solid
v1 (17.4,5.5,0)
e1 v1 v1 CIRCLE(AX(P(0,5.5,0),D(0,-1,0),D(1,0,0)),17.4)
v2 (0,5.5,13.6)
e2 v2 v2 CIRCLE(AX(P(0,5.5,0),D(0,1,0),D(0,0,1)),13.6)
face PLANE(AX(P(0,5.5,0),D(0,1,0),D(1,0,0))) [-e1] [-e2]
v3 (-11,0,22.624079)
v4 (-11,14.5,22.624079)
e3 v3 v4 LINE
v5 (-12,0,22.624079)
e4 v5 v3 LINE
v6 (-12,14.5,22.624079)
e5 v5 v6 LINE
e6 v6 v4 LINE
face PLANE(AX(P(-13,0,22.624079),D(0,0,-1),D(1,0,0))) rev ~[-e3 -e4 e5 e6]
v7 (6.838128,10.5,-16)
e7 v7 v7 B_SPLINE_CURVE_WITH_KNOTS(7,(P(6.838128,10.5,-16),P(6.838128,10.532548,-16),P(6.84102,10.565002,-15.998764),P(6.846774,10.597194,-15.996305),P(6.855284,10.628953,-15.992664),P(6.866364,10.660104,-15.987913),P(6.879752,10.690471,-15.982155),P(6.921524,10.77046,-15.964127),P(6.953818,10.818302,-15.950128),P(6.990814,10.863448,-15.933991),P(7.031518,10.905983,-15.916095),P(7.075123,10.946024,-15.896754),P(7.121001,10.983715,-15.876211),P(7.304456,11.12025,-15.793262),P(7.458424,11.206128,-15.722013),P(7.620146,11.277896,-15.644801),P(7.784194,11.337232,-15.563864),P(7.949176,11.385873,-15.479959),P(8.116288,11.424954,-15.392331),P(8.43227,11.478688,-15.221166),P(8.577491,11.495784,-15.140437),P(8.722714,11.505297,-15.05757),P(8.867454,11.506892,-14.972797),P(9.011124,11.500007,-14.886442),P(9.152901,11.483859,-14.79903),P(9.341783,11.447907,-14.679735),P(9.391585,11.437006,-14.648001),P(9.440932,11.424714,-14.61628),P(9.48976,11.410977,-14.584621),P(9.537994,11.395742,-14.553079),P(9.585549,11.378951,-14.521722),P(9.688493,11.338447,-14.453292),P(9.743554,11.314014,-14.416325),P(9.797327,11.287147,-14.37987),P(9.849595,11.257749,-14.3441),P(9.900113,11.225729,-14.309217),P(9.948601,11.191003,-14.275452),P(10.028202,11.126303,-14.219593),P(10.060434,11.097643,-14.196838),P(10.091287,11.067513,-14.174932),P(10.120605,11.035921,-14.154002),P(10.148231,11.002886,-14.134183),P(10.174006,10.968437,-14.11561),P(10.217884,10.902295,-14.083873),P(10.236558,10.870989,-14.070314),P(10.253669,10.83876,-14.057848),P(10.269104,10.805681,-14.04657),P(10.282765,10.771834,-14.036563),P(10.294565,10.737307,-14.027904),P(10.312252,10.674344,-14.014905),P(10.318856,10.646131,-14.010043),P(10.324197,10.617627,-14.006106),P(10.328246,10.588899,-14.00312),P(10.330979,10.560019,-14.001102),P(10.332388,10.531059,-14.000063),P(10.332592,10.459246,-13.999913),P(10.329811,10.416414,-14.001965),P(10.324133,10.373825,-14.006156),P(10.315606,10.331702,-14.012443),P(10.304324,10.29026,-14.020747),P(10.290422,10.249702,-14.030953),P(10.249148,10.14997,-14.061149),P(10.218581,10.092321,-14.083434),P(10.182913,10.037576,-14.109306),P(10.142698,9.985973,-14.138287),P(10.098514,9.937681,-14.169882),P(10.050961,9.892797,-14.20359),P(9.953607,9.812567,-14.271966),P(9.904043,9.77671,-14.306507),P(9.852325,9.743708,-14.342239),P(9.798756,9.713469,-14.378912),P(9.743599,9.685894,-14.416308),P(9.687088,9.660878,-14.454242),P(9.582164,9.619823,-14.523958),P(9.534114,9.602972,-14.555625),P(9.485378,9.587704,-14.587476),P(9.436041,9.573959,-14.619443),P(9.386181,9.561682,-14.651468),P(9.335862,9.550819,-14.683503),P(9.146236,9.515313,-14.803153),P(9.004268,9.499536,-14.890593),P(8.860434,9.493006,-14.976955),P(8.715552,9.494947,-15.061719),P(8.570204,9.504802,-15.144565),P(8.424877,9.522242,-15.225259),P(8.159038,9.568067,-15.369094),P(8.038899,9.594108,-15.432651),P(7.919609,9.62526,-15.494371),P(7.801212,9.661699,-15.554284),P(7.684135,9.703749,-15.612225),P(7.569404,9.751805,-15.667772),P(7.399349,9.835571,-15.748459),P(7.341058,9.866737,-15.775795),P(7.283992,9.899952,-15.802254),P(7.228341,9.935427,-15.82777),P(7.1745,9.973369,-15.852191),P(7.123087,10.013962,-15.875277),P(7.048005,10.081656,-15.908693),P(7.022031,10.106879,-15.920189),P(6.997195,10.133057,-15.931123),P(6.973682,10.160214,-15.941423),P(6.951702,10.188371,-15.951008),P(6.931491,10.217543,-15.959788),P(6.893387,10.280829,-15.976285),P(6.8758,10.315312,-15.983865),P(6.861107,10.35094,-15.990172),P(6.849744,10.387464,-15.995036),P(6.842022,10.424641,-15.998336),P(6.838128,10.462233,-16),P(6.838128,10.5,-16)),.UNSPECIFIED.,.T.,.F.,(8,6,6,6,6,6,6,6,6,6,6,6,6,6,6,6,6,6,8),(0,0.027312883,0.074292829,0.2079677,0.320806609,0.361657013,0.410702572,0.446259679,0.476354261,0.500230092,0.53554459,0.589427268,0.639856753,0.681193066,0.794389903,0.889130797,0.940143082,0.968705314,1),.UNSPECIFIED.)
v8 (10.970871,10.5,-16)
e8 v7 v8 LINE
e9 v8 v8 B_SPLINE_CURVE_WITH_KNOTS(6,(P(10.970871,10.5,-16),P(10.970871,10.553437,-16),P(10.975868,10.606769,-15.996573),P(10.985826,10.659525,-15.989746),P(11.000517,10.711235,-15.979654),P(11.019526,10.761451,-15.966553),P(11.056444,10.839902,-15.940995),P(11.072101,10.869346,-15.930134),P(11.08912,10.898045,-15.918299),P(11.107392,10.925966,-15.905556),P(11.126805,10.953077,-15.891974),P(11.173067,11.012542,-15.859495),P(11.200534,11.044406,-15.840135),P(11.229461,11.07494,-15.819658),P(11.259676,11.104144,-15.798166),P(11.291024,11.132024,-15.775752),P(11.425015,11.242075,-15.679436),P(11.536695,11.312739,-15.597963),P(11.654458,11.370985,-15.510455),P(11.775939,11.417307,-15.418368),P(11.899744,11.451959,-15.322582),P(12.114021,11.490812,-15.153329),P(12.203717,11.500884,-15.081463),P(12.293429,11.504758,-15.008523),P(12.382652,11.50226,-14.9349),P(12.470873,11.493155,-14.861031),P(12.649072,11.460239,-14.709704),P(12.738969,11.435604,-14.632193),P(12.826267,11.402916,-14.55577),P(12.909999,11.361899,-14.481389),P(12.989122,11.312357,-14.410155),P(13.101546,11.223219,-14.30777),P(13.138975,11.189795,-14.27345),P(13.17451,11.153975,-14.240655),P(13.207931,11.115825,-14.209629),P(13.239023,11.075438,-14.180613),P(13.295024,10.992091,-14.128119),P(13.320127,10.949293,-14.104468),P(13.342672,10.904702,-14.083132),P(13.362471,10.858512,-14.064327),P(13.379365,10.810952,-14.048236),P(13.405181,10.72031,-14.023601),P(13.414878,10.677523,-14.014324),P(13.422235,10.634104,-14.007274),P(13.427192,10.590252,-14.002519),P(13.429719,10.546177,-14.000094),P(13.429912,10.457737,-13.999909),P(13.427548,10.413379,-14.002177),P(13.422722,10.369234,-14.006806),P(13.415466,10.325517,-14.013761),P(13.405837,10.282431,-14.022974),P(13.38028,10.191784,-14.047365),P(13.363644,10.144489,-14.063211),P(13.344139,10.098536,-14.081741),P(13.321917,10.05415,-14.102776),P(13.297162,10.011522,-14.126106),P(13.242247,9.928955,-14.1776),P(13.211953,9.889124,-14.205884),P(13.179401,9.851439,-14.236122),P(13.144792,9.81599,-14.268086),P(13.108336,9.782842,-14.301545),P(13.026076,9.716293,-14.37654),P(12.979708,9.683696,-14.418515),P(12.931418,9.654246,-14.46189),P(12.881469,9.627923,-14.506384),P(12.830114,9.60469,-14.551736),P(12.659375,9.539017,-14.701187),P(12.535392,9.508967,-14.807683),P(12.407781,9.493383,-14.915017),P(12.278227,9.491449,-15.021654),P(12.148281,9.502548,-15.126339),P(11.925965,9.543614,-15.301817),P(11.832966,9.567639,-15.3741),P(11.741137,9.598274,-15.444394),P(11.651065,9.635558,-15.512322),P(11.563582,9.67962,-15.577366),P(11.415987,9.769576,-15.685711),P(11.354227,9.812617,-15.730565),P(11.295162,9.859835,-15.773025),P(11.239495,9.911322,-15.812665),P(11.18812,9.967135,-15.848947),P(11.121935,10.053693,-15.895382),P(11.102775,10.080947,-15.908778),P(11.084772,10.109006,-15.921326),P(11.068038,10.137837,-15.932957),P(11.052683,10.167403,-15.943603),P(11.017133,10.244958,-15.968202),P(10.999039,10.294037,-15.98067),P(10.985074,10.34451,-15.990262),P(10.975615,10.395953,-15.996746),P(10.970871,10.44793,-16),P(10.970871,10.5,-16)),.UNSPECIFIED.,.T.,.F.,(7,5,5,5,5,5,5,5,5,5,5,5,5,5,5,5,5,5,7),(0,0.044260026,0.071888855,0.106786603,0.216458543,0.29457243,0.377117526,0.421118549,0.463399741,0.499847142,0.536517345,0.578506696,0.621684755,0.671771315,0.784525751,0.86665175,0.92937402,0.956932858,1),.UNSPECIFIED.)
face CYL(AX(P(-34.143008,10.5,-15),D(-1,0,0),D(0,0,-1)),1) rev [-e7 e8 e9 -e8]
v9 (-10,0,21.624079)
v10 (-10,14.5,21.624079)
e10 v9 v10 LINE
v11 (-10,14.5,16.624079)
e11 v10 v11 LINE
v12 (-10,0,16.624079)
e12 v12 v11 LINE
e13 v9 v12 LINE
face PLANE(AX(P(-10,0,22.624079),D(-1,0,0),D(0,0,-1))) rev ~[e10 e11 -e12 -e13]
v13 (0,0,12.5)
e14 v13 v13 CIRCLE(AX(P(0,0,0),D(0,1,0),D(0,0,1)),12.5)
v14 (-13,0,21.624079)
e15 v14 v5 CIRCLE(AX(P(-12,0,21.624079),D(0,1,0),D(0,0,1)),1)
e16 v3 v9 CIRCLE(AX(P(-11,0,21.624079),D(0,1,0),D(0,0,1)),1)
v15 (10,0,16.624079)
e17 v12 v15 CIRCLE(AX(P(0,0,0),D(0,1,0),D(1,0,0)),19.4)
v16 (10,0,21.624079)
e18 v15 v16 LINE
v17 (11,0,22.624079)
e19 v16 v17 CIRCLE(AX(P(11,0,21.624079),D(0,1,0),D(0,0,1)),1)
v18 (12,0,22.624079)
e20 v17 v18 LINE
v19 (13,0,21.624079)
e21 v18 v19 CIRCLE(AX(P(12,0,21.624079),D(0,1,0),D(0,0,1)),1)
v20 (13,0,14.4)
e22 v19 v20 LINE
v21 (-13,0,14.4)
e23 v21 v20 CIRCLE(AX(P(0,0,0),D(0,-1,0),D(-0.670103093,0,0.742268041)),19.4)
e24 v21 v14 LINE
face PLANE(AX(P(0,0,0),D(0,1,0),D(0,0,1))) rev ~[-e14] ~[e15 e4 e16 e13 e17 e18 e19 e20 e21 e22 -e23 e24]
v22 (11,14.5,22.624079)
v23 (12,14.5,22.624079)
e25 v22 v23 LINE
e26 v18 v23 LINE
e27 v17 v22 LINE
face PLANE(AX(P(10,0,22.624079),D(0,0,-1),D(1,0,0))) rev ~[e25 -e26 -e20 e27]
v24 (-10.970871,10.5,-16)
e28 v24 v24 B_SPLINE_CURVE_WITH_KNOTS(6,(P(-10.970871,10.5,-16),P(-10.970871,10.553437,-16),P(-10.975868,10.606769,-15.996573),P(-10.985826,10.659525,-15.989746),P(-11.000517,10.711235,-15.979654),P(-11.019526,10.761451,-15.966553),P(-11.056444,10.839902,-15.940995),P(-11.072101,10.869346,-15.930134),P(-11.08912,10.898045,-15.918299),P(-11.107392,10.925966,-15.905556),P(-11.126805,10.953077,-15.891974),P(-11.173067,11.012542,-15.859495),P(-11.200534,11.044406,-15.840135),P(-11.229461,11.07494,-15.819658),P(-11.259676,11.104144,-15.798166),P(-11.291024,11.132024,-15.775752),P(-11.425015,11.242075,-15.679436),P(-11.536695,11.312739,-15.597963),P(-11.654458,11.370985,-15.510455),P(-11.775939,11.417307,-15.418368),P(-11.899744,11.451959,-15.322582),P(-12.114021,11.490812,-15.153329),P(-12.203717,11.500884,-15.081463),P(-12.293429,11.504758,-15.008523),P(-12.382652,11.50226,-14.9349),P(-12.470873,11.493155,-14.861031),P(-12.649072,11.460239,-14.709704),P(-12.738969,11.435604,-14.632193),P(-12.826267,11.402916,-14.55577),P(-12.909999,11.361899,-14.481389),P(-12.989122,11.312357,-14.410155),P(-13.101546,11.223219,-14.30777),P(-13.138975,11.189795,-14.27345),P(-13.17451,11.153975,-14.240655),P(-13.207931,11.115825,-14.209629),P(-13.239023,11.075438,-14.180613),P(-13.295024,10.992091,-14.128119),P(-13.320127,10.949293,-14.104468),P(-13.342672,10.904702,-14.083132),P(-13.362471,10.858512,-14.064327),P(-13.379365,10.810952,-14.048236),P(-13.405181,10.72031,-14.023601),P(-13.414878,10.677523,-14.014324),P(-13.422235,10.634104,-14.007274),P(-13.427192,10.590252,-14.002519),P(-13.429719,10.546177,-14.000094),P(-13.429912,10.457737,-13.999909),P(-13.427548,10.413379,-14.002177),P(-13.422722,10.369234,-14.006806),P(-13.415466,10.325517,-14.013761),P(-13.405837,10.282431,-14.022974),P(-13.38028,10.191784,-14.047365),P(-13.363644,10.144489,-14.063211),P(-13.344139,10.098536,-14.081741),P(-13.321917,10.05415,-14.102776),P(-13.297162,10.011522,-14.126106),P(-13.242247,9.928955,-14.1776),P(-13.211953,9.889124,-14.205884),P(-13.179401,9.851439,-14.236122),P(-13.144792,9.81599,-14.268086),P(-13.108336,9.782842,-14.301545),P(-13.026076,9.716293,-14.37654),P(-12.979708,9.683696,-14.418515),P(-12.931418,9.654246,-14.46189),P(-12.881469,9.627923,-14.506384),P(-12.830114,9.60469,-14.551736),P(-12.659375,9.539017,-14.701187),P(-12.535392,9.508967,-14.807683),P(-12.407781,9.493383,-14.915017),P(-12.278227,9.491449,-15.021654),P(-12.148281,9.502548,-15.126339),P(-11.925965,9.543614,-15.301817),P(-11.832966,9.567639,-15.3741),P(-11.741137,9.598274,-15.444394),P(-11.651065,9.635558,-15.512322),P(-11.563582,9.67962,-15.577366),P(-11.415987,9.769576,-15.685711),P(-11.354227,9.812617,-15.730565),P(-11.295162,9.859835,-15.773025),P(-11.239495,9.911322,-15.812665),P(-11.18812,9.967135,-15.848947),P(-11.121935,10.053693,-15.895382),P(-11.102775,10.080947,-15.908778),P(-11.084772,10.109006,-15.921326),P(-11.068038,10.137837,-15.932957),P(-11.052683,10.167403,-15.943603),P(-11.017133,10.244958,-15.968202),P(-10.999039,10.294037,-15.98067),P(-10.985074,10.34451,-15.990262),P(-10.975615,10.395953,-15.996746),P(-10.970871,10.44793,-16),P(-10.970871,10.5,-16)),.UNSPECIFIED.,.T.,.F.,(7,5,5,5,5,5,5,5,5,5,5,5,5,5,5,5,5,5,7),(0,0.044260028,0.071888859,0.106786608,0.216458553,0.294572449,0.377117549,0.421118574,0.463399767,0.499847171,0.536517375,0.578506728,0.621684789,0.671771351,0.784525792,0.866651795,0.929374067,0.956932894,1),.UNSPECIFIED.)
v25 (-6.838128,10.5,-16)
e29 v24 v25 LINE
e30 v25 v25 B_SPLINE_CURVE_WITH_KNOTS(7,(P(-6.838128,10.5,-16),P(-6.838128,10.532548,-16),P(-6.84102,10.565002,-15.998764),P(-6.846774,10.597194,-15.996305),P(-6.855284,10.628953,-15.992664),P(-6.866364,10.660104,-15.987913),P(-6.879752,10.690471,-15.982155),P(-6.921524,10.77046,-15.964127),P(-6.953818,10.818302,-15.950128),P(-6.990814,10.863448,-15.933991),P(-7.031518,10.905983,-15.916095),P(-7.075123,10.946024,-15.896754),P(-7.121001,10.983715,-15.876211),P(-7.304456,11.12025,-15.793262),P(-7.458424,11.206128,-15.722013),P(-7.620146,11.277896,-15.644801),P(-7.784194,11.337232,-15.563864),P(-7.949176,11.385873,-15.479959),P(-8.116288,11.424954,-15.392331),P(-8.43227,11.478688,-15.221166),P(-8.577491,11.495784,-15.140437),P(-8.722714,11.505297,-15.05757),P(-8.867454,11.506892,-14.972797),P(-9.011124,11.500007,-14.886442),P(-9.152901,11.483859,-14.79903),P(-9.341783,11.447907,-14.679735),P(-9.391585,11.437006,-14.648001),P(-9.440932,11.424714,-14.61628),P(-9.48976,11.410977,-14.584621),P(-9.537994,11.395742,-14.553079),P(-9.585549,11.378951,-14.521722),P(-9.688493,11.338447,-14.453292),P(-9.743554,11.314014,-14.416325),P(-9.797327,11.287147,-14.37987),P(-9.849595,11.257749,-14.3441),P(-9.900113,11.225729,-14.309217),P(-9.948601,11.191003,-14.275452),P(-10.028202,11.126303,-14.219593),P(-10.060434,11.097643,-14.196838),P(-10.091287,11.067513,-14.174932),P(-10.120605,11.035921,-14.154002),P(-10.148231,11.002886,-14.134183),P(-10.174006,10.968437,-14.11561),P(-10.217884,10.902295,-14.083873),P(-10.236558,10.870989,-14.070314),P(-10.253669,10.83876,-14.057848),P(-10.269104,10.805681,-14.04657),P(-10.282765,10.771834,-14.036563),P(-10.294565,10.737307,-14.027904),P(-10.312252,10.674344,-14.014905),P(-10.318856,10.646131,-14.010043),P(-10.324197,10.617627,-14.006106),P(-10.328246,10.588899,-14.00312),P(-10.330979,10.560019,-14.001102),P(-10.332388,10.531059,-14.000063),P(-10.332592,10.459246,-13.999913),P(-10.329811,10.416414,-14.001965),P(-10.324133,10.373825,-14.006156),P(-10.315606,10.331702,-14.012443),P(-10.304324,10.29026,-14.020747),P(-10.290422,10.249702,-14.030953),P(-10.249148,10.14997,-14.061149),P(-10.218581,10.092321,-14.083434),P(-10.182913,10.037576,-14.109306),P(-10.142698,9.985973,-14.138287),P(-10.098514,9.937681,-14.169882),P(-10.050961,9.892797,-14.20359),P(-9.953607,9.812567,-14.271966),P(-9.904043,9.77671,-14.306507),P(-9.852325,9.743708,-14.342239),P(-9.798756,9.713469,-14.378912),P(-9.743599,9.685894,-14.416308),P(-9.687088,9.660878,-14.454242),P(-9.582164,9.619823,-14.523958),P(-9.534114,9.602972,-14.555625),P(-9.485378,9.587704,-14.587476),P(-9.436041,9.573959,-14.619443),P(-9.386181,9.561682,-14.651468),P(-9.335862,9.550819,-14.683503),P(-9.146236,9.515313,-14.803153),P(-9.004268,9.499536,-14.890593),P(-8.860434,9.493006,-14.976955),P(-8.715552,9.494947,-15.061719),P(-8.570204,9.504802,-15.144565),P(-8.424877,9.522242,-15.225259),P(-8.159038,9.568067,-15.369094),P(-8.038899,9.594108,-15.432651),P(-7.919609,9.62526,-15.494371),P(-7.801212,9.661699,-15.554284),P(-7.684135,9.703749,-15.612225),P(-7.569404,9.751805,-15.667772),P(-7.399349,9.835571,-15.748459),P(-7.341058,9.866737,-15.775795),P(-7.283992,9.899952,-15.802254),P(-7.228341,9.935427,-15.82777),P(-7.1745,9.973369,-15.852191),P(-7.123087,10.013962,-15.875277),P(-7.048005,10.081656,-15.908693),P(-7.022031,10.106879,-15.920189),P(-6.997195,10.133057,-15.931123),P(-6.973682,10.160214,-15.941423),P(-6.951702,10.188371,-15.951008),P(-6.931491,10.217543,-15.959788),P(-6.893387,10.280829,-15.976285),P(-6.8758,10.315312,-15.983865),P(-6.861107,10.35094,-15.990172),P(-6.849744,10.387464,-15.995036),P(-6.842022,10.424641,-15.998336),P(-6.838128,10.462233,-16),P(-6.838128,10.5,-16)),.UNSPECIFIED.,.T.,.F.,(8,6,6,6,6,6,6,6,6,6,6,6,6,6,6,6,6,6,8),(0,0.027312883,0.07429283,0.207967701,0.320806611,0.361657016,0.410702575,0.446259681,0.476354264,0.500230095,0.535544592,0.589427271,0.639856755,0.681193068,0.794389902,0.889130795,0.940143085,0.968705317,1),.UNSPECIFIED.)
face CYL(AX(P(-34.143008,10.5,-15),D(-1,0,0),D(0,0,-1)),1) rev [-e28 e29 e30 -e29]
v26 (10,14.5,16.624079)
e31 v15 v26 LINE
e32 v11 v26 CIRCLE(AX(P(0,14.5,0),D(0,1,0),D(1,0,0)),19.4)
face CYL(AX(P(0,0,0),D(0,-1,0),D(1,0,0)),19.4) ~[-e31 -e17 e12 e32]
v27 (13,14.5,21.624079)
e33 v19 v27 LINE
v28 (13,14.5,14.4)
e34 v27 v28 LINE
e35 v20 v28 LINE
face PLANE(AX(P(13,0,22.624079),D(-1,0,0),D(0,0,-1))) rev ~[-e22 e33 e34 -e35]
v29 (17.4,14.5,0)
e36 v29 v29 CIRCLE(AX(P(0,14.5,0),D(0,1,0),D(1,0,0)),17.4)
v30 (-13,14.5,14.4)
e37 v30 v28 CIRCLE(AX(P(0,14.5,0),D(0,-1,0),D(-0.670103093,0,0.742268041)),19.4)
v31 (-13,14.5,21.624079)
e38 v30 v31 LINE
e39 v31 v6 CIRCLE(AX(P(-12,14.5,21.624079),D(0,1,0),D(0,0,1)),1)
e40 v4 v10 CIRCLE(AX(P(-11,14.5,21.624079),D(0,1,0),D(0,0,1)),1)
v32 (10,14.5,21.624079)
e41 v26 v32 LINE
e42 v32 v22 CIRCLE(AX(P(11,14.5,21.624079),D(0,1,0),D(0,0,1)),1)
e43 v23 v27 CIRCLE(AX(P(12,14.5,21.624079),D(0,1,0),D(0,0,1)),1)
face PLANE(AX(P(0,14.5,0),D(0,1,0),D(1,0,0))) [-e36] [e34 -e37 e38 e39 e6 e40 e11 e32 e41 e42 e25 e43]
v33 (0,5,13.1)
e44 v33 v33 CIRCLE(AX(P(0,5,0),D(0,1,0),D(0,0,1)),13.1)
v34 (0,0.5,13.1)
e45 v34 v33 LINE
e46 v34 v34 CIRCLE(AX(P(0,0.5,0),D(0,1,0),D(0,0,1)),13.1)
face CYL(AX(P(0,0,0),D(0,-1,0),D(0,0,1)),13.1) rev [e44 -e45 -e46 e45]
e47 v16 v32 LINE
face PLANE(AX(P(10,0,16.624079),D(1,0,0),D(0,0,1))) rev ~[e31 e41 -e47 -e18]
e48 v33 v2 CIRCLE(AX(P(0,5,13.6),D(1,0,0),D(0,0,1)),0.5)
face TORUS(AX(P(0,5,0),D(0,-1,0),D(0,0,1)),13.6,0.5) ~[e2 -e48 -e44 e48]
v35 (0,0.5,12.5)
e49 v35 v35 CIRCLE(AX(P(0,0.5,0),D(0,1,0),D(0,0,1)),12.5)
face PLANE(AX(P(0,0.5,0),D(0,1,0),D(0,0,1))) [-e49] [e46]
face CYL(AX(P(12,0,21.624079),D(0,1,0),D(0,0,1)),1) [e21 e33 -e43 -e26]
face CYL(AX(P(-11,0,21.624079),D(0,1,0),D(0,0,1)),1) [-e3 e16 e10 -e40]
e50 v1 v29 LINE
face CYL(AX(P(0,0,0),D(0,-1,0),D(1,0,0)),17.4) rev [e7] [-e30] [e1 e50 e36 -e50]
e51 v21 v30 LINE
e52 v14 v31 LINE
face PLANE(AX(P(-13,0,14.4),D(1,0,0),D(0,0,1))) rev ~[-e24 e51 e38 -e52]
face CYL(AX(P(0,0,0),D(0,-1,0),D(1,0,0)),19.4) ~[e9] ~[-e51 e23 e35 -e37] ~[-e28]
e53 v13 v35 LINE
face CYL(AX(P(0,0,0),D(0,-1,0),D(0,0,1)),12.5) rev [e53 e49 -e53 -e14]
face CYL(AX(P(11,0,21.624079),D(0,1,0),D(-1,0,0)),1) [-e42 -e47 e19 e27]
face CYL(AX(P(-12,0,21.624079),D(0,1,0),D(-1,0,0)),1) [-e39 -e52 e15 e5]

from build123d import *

# Parameters (mm, degrees)
SKETCH_1_R               = 19.4
SKETCH_1_R_2             = 17.4
EXTRUDE_1_DEPTH          = 14.5
SKETCH_2_R               = 17.5
SKETCH_2_R_2             = 13.1
EXTRUDE_1_2_DEPTH        = 5.5
SKETCH_3_R               = 13.1
SKETCH_3_R_2             = 12.5
EXTRUDE_2_DEPTH          = 0.5
EXTRUDE_3_DEPTH          = 14.5
CUT_EXTRUDE_1_DEPTH      = 34.143007514
CUT_EXTRUDE_1_DEPTH_BACK = 34.143007514
SKETCH_6_R               = 1
FILLET_1_R               = 1
FILLET_2_R               = 0.5


with BuildPart() as part:
    # 草图1 → Extrude 1 (new body)
    with BuildSketch(Plane(origin=(0, 0, 0), x_dir=(1, 0, 0), z_dir=(0, 1, 0))):
        Circle(SKETCH_1_R)
        Circle(SKETCH_1_R_2, mode=Mode.SUBTRACT)
    extrude(amount=EXTRUDE_1_DEPTH)

    # 草图2 → Extrude 1 2 (add)
    with BuildSketch(Plane(origin=(0, 0, 0), x_dir=(1, 0, 0), z_dir=(0, 1, 0))):
        Circle(SKETCH_2_R)
        with Locations(Location((0, 0, 0), (0, 0, 270))):
            Circle(SKETCH_2_R_2, mode=Mode.SUBTRACT)
    extrude(amount=EXTRUDE_1_2_DEPTH)

    # 草图3 → 凸台-拉伸2 (add)
    with BuildSketch(Plane(origin=(0, 0, 0), x_dir=(1, 0, 0), z_dir=(0, 1, 0))):
        with Locations(Location((0, 0, 0), (0, 0, 270))):
            Circle(SKETCH_3_R)
        with Locations(Location((0, 0, 0), (0, 0, 270))):
            Circle(SKETCH_3_R_2, mode=Mode.SUBTRACT)
    extrude(amount=EXTRUDE_2_DEPTH)

    # 草图4 → 凸台-拉伸3 (add)
    with BuildSketch(Plane(origin=(0, 0, 0), x_dir=(1, 0, 0), z_dir=(0, 1, 0))):
        with BuildLine():
            ThreePointArc((-10, -16.624078922), (-11.553641494, -15.584395023), (-13, -14.4))
            Line((-13, -14.4), (-13, -22.624078922))
            Line((-13, -22.624078922), (-10, -22.624078922))
            Line((-10, -22.624078922), (-10, -16.624078922))
        make_face()
        with BuildLine():
            Line((13, -22.624078922), (13, -14.4))
            ThreePointArc((13, -14.4), (11.553641494, -15.584395023), (10, -16.624078922))
            Line((10, -16.624078922), (10, -22.624078922))
            Line((10, -22.624078922), (13, -22.624078922))
        make_face()
    extrude(amount=EXTRUDE_3_DEPTH)

    # 草图6 → 切除-拉伸1 (cut, two sides: drawn at the far end of the back side and taken through both)
    with BuildSketch(Plane(origin=(0, 0, 0), x_dir=(0, 0, -1), z_dir=(1, 0, 0)).offset(-CUT_EXTRUDE_1_DEPTH_BACK)):
        with Locations((15, 10.5)):
            Circle(SKETCH_6_R)
    extrude(amount=CUT_EXTRUDE_1_DEPTH + CUT_EXTRUDE_1_DEPTH_BACK, mode=Mode.SUBTRACT)

    # 圆角1
    fillet_1_edges = [part.edges().sort_by_distance(p)[0] for p in [
        (-13, 7.25, 22.624078922),
        (-10, 7.25, 22.624078922),
        (13, 7.25, 22.624078922),
        (10, 7.25, 22.624078922),
    ]]
    fillet(fillet_1_edges, radius=FILLET_1_R)

    # 圆角2
    fillet_2_edges = [part.edges().sort_by_distance(p)[0] for p in [
        (0, 5.5, -13.1),
    ]]
    fillet(fillet_2_edges, radius=FILLET_2_R)


solid = part.part
